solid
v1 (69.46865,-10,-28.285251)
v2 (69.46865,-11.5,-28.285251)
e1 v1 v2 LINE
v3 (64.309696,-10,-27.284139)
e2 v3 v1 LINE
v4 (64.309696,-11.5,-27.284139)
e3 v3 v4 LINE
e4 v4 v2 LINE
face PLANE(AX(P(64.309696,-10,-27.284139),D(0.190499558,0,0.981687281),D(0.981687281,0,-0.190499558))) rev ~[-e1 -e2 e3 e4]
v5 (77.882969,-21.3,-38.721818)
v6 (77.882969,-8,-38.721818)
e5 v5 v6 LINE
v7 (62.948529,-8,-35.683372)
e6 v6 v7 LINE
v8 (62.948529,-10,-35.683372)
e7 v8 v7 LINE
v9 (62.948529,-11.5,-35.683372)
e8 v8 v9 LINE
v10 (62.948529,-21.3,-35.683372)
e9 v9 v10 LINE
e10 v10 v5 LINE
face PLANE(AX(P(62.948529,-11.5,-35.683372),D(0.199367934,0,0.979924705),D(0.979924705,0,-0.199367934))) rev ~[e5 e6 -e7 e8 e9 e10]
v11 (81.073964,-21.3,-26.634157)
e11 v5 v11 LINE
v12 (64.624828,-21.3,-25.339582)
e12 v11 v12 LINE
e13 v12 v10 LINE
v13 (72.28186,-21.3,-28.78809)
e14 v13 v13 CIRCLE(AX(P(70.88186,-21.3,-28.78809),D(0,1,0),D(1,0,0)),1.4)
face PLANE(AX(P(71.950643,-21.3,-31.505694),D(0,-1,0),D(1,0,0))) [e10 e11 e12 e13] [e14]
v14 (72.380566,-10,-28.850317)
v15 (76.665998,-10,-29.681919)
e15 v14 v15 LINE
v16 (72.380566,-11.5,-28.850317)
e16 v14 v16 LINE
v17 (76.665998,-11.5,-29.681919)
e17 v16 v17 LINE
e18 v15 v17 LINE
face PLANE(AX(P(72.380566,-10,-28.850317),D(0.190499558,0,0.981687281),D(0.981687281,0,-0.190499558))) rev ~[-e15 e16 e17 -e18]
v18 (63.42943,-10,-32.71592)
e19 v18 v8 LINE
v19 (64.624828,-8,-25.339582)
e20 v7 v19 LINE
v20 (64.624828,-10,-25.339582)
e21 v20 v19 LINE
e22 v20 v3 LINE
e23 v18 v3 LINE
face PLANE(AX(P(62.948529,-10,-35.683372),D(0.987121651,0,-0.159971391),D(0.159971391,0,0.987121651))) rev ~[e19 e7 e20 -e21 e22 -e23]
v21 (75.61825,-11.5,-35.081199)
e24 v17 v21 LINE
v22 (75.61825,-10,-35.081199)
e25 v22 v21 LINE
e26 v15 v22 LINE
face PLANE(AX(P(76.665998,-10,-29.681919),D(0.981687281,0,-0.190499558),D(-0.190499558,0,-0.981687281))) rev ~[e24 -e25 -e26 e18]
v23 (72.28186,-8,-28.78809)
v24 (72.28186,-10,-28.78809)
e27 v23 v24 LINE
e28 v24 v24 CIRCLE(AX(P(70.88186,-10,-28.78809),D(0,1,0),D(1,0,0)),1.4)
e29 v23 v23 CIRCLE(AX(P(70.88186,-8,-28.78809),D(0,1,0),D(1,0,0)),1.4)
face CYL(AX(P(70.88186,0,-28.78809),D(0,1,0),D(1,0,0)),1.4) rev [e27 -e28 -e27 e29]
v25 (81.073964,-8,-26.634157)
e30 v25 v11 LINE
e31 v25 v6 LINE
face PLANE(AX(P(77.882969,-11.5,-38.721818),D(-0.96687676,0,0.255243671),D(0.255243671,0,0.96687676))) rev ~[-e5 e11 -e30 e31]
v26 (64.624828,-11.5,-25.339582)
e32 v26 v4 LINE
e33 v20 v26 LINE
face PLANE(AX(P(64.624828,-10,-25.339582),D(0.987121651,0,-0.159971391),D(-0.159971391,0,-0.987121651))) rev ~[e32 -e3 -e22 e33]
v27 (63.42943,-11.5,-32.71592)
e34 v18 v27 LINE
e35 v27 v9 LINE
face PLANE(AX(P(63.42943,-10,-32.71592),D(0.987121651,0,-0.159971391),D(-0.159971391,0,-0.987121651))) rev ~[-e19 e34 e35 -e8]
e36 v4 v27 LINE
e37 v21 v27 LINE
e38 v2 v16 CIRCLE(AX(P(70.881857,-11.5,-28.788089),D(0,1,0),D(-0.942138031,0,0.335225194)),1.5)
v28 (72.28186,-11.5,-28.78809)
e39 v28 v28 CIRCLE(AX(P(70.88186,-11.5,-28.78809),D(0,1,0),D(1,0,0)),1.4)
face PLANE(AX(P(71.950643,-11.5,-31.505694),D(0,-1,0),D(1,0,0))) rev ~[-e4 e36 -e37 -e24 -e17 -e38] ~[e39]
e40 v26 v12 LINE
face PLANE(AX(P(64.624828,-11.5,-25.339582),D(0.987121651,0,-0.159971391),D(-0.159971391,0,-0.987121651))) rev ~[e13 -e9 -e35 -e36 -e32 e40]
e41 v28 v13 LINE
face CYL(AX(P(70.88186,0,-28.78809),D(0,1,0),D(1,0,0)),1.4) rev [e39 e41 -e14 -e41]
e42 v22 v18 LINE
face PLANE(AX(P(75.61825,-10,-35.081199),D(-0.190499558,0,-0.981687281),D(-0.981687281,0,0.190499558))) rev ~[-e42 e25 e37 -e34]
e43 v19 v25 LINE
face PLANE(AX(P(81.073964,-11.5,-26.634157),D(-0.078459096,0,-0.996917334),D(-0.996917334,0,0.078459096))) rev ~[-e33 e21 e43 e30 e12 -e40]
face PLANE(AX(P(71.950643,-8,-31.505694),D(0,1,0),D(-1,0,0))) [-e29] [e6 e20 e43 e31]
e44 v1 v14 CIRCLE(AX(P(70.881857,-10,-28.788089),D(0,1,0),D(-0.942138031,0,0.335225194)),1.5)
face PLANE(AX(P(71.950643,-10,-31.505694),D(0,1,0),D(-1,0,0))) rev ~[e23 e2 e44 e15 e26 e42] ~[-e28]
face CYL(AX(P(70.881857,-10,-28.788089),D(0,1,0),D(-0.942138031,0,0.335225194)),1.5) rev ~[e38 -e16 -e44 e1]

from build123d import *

# Parameters (mm, degrees)
F0_R      = 7.5
F1_DEPTH  = 10
F4_DEPTH  = 1.5
F6_DEPTH  = 2
F8_DEPTH  = 9.8
F10_DEPTH = 25


with BuildPart() as f1:
    # F0 (on Front) → F1 (new body)
    with BuildSketch(Plane.XZ):
        Circle(F0_R)
        with BuildLine():
            ThreePointArc((-0.1283063228, 4.3981288621), (0, 4.4), (0.1283063228, 4.3981288621))
            ThreePointArc((0.1283063228, 4.3981288621), (0.2239147081, 4.4290007991), (0.2785931947, 4.5132878262))
            Line((0.2785931947, 4.5132878262), (0.4192344048, 5.1033676473))
            ThreePointArc((0.4192344048, 5.1033676473), (0.478862258, 5.1912888485), (0.5817691739, 5.2176665885))
            ThreePointArc((0.5817691739, 5.2176665885), (1.0242241906, 5.1491227221), (1.4592299266, 5.0431287929))
            ThreePointArc((1.4592299266, 5.0431287929), (1.5442091959, 4.979378167), (1.565652162, 4.8753309772))
            Line((1.565652162, 4.8753309772), (1.4697739261, 4.276347247))
            ThreePointArc((1.4697739261, 4.276347247), (1.4880350119, 4.1775516368), (1.5645514634, 4.112441941))
            ThreePointArc((1.5645514634, 4.112441941), (1.6838071024, 4.065069943), (1.8016306345, 4.014240533))
            ThreePointArc((1.8016306345, 4.014240533), (1.9017754436, 4.0061747387), (1.9845470271, 4.063121247))
            Line((1.9845470271, 4.063121247), (2.3402963338, 4.5544628552))
            ThreePointArc((2.3402963338, 4.5544628552), (2.429031274, 4.612872862), (2.5341991914, 4.5978619442))
            ThreePointArc((2.5341991914, 4.5978619442), (2.9167437234, 4.3652154646), (3.2780744987, 4.1008203546))
            ThreePointArc((3.2780744987, 4.1008203546), (3.332188798, 4.0094022978), (3.3121823798, 3.9050693608))
            Line((3.3121823798, 3.9050693608), (2.9943812902, 3.3883715646))
            ThreePointArc((2.9943812902, 3.3883715646), (2.9734448904, 3.2901081075), (3.019220472, 3.2006730138))
            ThreePointArc((3.019220472, 3.2006730138), (3.1112698372, 3.1112698372), (3.2006730138, 3.019220472))
            ThreePointArc((3.2006730138, 3.019220472), (3.2901081075, 2.9734448904), (3.3883715646, 2.9943812902))
            Line((3.3883715646, 2.9943812902), (3.9050693608, 3.3121823798))
            ThreePointArc((3.9050693608, 3.3121823798), (4.0094022978, 3.332188798), (4.1008203546, 3.2780744987))
            ThreePointArc((4.1008203546, 3.2780744987), (4.3652154646, 2.9167437234), (4.5978619442, 2.5341991914))
            ThreePointArc((4.5978619442, 2.5341991914), (4.612872862, 2.429031274), (4.5544628552, 2.3402963338))
            Line((4.5544628552, 2.3402963338), (4.063121247, 1.9845470271))
            ThreePointArc((4.063121247, 1.9845470271), (4.0061747387, 1.9017754436), (4.014240533, 1.8016306345))
            ThreePointArc((4.014240533, 1.8016306345), (4.065069943, 1.6838071024), (4.112441941, 1.5645514634))
            ThreePointArc((4.112441941, 1.5645514634), (4.1775516368, 1.4880350119), (4.276347247, 1.4697739261))
            Line((4.276347247, 1.4697739261), (4.8753309772, 1.565652162))
            ThreePointArc((4.8753309772, 1.565652162), (4.979378167, 1.5442091959), (5.0431287929, 1.4592299266))
            ThreePointArc((5.0431287929, 1.4592299266), (5.1491227221, 1.0242241906), (5.2176665885, 0.5817691739))
            ThreePointArc((5.2176665885, 0.5817691739), (5.1912888485, 0.478862258), (5.1033676473, 0.4192344048))
            Line((5.1033676473, 0.4192344048), (4.5132878262, 0.2785931947))
            ThreePointArc((4.5132878262, 0.2785931947), (4.4290007991, 0.2239147081), (4.3981288621, 0.1283063228))
            ThreePointArc((4.3981288621, 0.1283063228), (4.4, 0), (4.3981288621, -0.1283063228))
            ThreePointArc((4.3981288621, -0.1283063228), (4.4290007991, -0.2239147081), (4.5132878262, -0.2785931947))
            Line((4.5132878262, -0.2785931947), (5.1033676473, -0.4192344048))
            ThreePointArc((5.1033676473, -0.4192344048), (5.1912888485, -0.478862258), (5.2176665885, -0.5817691739))
            ThreePointArc((5.2176665885, -0.5817691739), (5.1491227221, -1.0242241906), (5.0431287929, -1.4592299266))
            ThreePointArc((5.0431287929, -1.4592299266), (4.979378167, -1.5442091959), (4.8753309772, -1.565652162))
            Line((4.8753309772, -1.565652162), (4.276347247, -1.4697739261))
            ThreePointArc((4.276347247, -1.4697739261), (4.1775516368, -1.4880350119), (4.112441941, -1.5645514634))
            ThreePointArc((4.112441941, -1.5645514634), (4.065069943, -1.6838071024), (4.014240533, -1.8016306345))
            ThreePointArc((4.014240533, -1.8016306345), (4.0061747387, -1.9017754436), (4.063121247, -1.9845470271))
            Line((4.063121247, -1.9845470271), (4.5544628552, -2.3402963338))
            ThreePointArc((4.5544628552, -2.3402963338), (4.612872862, -2.429031274), (4.5978619442, -2.5341991914))
            ThreePointArc((4.5978619442, -2.5341991914), (4.3652154646, -2.9167437234), (4.1008203546, -3.2780744987))
            ThreePointArc((4.1008203546, -3.2780744987), (4.0094022978, -3.332188798), (3.9050693608, -3.3121823798))
            Line((3.9050693608, -3.3121823798), (3.3883715646, -2.9943812902))
            ThreePointArc((3.3883715646, -2.9943812902), (3.2901081075, -2.9734448904), (3.2006730138, -3.019220472))
            ThreePointArc((3.2006730138, -3.019220472), (3.1112698372, -3.1112698372), (3.019220472, -3.2006730138))
            ThreePointArc((3.019220472, -3.2006730138), (2.9734448904, -3.2901081075), (2.9943812902, -3.3883715646))
            Line((2.9943812902, -3.3883715646), (3.3121823798, -3.9050693608))
            ThreePointArc((3.3121823798, -3.9050693608), (3.332188798, -4.0094022978), (3.2780744987, -4.1008203546))
            ThreePointArc((3.2780744987, -4.1008203546), (2.9167437234, -4.3652154646), (2.5341991914, -4.5978619442))
            ThreePointArc((2.5341991914, -4.5978619442), (2.429031274, -4.612872862), (2.3402963338, -4.5544628552))
            Line((2.3402963338, -4.5544628552), (1.9845470271, -4.063121247))
            ThreePointArc((1.9845470271, -4.063121247), (1.9017754436, -4.0061747387), (1.8016306345, -4.014240533))
            ThreePointArc((1.8016306345, -4.014240533), (1.6838071024, -4.065069943), (1.5645514634, -4.112441941))
            ThreePointArc((1.5645514634, -4.112441941), (1.4880350119, -4.1775516368), (1.4697739261, -4.276347247))
            Line((1.4697739261, -4.276347247), (1.565652162, -4.8753309772))
            ThreePointArc((1.565652162, -4.8753309772), (1.5442091959, -4.979378167), (1.4592299266, -5.0431287929))
            ThreePointArc((1.4592299266, -5.0431287929), (1.0242241906, -5.1491227221), (0.5817691739, -5.2176665885))
            ThreePointArc((0.5817691739, -5.2176665885), (0.478862258, -5.1912888485), (0.4192344048, -5.1033676473))
            Line((0.4192344048, -5.1033676473), (0.2785931947, -4.5132878262))
            ThreePointArc((0.2785931947, -4.5132878262), (0.2239147081, -4.4290007991), (0.1283063228, -4.3981288621))
            ThreePointArc((0.1283063228, -4.3981288621), (0, -4.4), (-0.1283063228, -4.3981288621))
            ThreePointArc((-0.1283063228, -4.3981288621), (-0.2239147081, -4.4290007991), (-0.2785931947, -4.5132878262))
            Line((-0.2785931947, -4.5132878262), (-0.4192344048, -5.1033676473))
            ThreePointArc((-0.4192344048, -5.1033676473), (-0.478862258, -5.1912888485), (-0.5817691739, -5.2176665885))
            ThreePointArc((-0.5817691739, -5.2176665885), (-1.0242241906, -5.1491227221), (-1.4592299266, -5.0431287929))
            ThreePointArc((-1.4592299266, -5.0431287929), (-1.5442091959, -4.979378167), (-1.565652162, -4.8753309772))
            Line((-1.565652162, -4.8753309772), (-1.4697739261, -4.276347247))
            ThreePointArc((-1.4697739261, -4.276347247), (-1.4880350119, -4.1775516368), (-1.5645514634, -4.112441941))
            ThreePointArc((-1.5645514634, -4.112441941), (-1.6838071024, -4.065069943), (-1.8016306345, -4.014240533))
            ThreePointArc((-1.8016306345, -4.014240533), (-1.9017754436, -4.0061747387), (-1.9845470271, -4.063121247))
            Line((-1.9845470271, -4.063121247), (-2.3402963338, -4.5544628552))
            ThreePointArc((-2.3402963338, -4.5544628552), (-2.429031274, -4.612872862), (-2.5341991914, -4.5978619442))
            ThreePointArc((-2.5341991914, -4.5978619442), (-2.9167437234, -4.3652154646), (-3.2780744987, -4.1008203546))
            ThreePointArc((-3.2780744987, -4.1008203546), (-3.332188798, -4.0094022978), (-3.3121823798, -3.9050693608))
            Line((-3.3121823798, -3.9050693608), (-2.9943812902, -3.3883715646))
            ThreePointArc((-2.9943812902, -3.3883715646), (-2.9734448904, -3.2901081075), (-3.019220472, -3.2006730138))
            ThreePointArc((-3.019220472, -3.2006730138), (-3.1112698372, -3.1112698372), (-3.2006730138, -3.019220472))
            ThreePointArc((-3.2006730138, -3.019220472), (-3.2901081075, -2.9734448904), (-3.3883715646, -2.9943812902))
            Line((-3.3883715646, -2.9943812902), (-3.9050693608, -3.3121823798))
            ThreePointArc((-3.9050693608, -3.3121823798), (-4.0094022978, -3.332188798), (-4.1008203546, -3.2780744987))
            ThreePointArc((-4.1008203546, -3.2780744987), (-4.3652154646, -2.9167437234), (-4.5978619442, -2.5341991914))
            ThreePointArc((-4.5978619442, -2.5341991914), (-4.612872862, -2.429031274), (-4.5544628552, -2.3402963338))
            Line((-4.5544628552, -2.3402963338), (-4.063121247, -1.9845470271))
            ThreePointArc((-4.063121247, -1.9845470271), (-4.0061747387, -1.9017754436), (-4.014240533, -1.8016306345))
            ThreePointArc((-4.014240533, -1.8016306345), (-4.065069943, -1.6838071024), (-4.112441941, -1.5645514634))
            ThreePointArc((-4.112441941, -1.5645514634), (-4.1775516368, -1.4880350119), (-4.276347247, -1.4697739261))
            Line((-4.276347247, -1.4697739261), (-4.8753309772, -1.565652162))
            ThreePointArc((-4.8753309772, -1.565652162), (-4.979378167, -1.5442091959), (-5.0431287929, -1.4592299266))
            ThreePointArc((-5.0431287929, -1.4592299266), (-5.1491227221, -1.0242241906), (-5.2176665885, -0.5817691739))
            ThreePointArc((-5.2176665885, -0.5817691739), (-5.1912888485, -0.478862258), (-5.1033676473, -0.4192344048))
            Line((-5.1033676473, -0.4192344048), (-4.5132878262, -0.2785931947))
            ThreePointArc((-4.5132878262, -0.2785931947), (-4.4290007991, -0.2239147081), (-4.3981288621, -0.1283063228))
            ThreePointArc((-4.3981288621, -0.1283063228), (-4.4, 0), (-4.3981288621, 0.1283063228))
            ThreePointArc((-4.3981288621, 0.1283063228), (-4.4290007991, 0.2239147081), (-4.5132878262, 0.2785931947))
            Line((-4.5132878262, 0.2785931947), (-5.1033676473, 0.4192344048))
            ThreePointArc((-5.1033676473, 0.4192344048), (-5.1912888485, 0.478862258), (-5.2176665885, 0.5817691739))
            ThreePointArc((-5.2176665885, 0.5817691739), (-5.1491227221, 1.0242241906), (-5.0431287929, 1.4592299266))
            ThreePointArc((-5.0431287929, 1.4592299266), (-4.979378167, 1.5442091959), (-4.8753309772, 1.565652162))
            Line((-4.8753309772, 1.565652162), (-4.276347247, 1.4697739261))
            ThreePointArc((-4.276347247, 1.4697739261), (-4.1775516368, 1.4880350119), (-4.112441941, 1.5645514634))
            ThreePointArc((-4.112441941, 1.5645514634), (-4.065069943, 1.6838071024), (-4.014240533, 1.8016306345))
            ThreePointArc((-4.014240533, 1.8016306345), (-4.0061747387, 1.9017754436), (-4.063121247, 1.9845470271))
            Line((-4.063121247, 1.9845470271), (-4.5544628552, 2.3402963338))
            ThreePointArc((-4.5544628552, 2.3402963338), (-4.612872862, 2.429031274), (-4.5978619442, 2.5341991914))
            ThreePointArc((-4.5978619442, 2.5341991914), (-4.3652154646, 2.9167437234), (-4.1008203546, 3.2780744987))
            ThreePointArc((-4.1008203546, 3.2780744987), (-4.0094022978, 3.332188798), (-3.9050693608, 3.3121823798))
            Line((-3.9050693608, 3.3121823798), (-3.3883715646, 2.9943812902))
            ThreePointArc((-3.3883715646, 2.9943812902), (-3.2901081075, 2.9734448904), (-3.2006730138, 3.019220472))
            ThreePointArc((-3.2006730138, 3.019220472), (-3.1112698372, 3.1112698372), (-3.019220472, 3.2006730138))
            ThreePointArc((-3.019220472, 3.2006730138), (-2.9734448904, 3.2901081075), (-2.9943812902, 3.3883715646))
            Line((-2.9943812902, 3.3883715646), (-3.3121823798, 3.9050693608))
            ThreePointArc((-3.3121823798, 3.9050693608), (-3.332188798, 4.0094022978), (-3.2780744987, 4.1008203546))
            ThreePointArc((-3.2780744987, 4.1008203546), (-2.9167437234, 4.3652154646), (-2.5341991914, 4.5978619442))
            ThreePointArc((-2.5341991914, 4.5978619442), (-2.429031274, 4.612872862), (-2.3402963338, 4.5544628552))
            Line((-2.3402963338, 4.5544628552), (-1.9845470271, 4.063121247))
            ThreePointArc((-1.9845470271, 4.063121247), (-1.9017754436, 4.0061747387), (-1.8016306345, 4.014240533))
            ThreePointArc((-1.8016306345, 4.014240533), (-1.6838071024, 4.065069943), (-1.5645514634, 4.112441941))
            ThreePointArc((-1.5645514634, 4.112441941), (-1.4880350119, 4.1775516368), (-1.4697739261, 4.276347247))
            Line((-1.4697739261, 4.276347247), (-1.565652162, 4.8753309772))
            ThreePointArc((-1.565652162, 4.8753309772), (-1.5442091959, 4.979378167), (-1.4592299266, 5.0431287929))
            ThreePointArc((-1.4592299266, 5.0431287929), (-1.0242241906, 5.1491227221), (-0.5817691739, 5.2176665885))
            ThreePointArc((-0.5817691739, 5.2176665885), (-0.478862258, 5.1912888485), (-0.4192344048, 5.1033676473))
            Line((-0.4192344048, 5.1033676473), (-0.2785931947, 4.5132878262))
            ThreePointArc((-0.2785931947, 4.5132878262), (-0.2239147081, 4.4290007991), (-0.1283063228, 4.3981288621))
        make_face(mode=Mode.SUBTRACT)
    extrude(amount=F1_DEPTH)


with BuildPart() as f4:
    # F2 (on face) → F4 (new body)
    with BuildSketch(Plane.XZ.offset(10)):
        with BuildLine():
            ThreePointArc((69.4686499737, -28.2852508226), (71.1676063573, -27.3155576924), (72.3805656575, -28.8503173792))
            Line((72.3805656575, -28.8503173792), (76.6659975052, -29.6819191426))
            Line((76.6659975052, -29.6819191426), (75.6182499343, -35.0811991898))
            Line((75.6182499343, -35.0811991898), (63.4294299308, -32.7159196639))
            Line((63.4294299308, -32.7159196639), (62.9485293155, -35.6833715753))
            Line((62.9485293155, -35.6833715753), (77.882968734, -38.7218176156))
            Line((77.882968734, -38.7218176156), (81.0739637004, -26.6341569648))
            Line((81.0739637004, -26.6341569648), (64.6248276938, -25.3395818853))
            Line((64.6248276938, -25.3395818853), (64.3096957687, -27.2841392505))
            Line((64.3096957687, -27.2841392505), (69.4686499737, -28.2852508226))
        make_face()
    extrude(amount=F4_DEPTH)

    # F5 (on face) → F6 (join)
    with BuildSketch(Plane(origin=(0, -10, 0), x_dir=(-1, 0, 0), z_dir=(0, 1, 0))):
        Polygon((-62.9485293155, -35.6833715753), (-64.6248276938, -25.3395818853), (-81.0739637004, -26.6341569648), (-77.882968734, -38.7218176156), align=None)
    extrude(amount=F6_DEPTH)

    # F7 (on face) → F8 (join)
    with BuildSketch(Plane.XZ.offset(11.5)):
        Polygon((77.882968734, -38.7218176156), (81.0739637004, -26.6341569648), (64.6248276938, -25.3395818853), (62.9485293155, -35.6833715753), align=None)
    extrude(amount=F8_DEPTH)

    # F9 (on Front) → F10 (cut)
    with BuildSketch(Plane.XZ):
        with BuildLine():
            ThreePointArc((69.48186, -28.78809), (70.88186, -30.18809), (72.28186, -28.78809))
            ThreePointArc((72.28186, -28.78809), (70.88186, -27.38809), (69.48186, -28.78809))
        make_face()
    extrude(amount=F10_DEPTH, mode=Mode.SUBTRACT)


solid = f4.part
